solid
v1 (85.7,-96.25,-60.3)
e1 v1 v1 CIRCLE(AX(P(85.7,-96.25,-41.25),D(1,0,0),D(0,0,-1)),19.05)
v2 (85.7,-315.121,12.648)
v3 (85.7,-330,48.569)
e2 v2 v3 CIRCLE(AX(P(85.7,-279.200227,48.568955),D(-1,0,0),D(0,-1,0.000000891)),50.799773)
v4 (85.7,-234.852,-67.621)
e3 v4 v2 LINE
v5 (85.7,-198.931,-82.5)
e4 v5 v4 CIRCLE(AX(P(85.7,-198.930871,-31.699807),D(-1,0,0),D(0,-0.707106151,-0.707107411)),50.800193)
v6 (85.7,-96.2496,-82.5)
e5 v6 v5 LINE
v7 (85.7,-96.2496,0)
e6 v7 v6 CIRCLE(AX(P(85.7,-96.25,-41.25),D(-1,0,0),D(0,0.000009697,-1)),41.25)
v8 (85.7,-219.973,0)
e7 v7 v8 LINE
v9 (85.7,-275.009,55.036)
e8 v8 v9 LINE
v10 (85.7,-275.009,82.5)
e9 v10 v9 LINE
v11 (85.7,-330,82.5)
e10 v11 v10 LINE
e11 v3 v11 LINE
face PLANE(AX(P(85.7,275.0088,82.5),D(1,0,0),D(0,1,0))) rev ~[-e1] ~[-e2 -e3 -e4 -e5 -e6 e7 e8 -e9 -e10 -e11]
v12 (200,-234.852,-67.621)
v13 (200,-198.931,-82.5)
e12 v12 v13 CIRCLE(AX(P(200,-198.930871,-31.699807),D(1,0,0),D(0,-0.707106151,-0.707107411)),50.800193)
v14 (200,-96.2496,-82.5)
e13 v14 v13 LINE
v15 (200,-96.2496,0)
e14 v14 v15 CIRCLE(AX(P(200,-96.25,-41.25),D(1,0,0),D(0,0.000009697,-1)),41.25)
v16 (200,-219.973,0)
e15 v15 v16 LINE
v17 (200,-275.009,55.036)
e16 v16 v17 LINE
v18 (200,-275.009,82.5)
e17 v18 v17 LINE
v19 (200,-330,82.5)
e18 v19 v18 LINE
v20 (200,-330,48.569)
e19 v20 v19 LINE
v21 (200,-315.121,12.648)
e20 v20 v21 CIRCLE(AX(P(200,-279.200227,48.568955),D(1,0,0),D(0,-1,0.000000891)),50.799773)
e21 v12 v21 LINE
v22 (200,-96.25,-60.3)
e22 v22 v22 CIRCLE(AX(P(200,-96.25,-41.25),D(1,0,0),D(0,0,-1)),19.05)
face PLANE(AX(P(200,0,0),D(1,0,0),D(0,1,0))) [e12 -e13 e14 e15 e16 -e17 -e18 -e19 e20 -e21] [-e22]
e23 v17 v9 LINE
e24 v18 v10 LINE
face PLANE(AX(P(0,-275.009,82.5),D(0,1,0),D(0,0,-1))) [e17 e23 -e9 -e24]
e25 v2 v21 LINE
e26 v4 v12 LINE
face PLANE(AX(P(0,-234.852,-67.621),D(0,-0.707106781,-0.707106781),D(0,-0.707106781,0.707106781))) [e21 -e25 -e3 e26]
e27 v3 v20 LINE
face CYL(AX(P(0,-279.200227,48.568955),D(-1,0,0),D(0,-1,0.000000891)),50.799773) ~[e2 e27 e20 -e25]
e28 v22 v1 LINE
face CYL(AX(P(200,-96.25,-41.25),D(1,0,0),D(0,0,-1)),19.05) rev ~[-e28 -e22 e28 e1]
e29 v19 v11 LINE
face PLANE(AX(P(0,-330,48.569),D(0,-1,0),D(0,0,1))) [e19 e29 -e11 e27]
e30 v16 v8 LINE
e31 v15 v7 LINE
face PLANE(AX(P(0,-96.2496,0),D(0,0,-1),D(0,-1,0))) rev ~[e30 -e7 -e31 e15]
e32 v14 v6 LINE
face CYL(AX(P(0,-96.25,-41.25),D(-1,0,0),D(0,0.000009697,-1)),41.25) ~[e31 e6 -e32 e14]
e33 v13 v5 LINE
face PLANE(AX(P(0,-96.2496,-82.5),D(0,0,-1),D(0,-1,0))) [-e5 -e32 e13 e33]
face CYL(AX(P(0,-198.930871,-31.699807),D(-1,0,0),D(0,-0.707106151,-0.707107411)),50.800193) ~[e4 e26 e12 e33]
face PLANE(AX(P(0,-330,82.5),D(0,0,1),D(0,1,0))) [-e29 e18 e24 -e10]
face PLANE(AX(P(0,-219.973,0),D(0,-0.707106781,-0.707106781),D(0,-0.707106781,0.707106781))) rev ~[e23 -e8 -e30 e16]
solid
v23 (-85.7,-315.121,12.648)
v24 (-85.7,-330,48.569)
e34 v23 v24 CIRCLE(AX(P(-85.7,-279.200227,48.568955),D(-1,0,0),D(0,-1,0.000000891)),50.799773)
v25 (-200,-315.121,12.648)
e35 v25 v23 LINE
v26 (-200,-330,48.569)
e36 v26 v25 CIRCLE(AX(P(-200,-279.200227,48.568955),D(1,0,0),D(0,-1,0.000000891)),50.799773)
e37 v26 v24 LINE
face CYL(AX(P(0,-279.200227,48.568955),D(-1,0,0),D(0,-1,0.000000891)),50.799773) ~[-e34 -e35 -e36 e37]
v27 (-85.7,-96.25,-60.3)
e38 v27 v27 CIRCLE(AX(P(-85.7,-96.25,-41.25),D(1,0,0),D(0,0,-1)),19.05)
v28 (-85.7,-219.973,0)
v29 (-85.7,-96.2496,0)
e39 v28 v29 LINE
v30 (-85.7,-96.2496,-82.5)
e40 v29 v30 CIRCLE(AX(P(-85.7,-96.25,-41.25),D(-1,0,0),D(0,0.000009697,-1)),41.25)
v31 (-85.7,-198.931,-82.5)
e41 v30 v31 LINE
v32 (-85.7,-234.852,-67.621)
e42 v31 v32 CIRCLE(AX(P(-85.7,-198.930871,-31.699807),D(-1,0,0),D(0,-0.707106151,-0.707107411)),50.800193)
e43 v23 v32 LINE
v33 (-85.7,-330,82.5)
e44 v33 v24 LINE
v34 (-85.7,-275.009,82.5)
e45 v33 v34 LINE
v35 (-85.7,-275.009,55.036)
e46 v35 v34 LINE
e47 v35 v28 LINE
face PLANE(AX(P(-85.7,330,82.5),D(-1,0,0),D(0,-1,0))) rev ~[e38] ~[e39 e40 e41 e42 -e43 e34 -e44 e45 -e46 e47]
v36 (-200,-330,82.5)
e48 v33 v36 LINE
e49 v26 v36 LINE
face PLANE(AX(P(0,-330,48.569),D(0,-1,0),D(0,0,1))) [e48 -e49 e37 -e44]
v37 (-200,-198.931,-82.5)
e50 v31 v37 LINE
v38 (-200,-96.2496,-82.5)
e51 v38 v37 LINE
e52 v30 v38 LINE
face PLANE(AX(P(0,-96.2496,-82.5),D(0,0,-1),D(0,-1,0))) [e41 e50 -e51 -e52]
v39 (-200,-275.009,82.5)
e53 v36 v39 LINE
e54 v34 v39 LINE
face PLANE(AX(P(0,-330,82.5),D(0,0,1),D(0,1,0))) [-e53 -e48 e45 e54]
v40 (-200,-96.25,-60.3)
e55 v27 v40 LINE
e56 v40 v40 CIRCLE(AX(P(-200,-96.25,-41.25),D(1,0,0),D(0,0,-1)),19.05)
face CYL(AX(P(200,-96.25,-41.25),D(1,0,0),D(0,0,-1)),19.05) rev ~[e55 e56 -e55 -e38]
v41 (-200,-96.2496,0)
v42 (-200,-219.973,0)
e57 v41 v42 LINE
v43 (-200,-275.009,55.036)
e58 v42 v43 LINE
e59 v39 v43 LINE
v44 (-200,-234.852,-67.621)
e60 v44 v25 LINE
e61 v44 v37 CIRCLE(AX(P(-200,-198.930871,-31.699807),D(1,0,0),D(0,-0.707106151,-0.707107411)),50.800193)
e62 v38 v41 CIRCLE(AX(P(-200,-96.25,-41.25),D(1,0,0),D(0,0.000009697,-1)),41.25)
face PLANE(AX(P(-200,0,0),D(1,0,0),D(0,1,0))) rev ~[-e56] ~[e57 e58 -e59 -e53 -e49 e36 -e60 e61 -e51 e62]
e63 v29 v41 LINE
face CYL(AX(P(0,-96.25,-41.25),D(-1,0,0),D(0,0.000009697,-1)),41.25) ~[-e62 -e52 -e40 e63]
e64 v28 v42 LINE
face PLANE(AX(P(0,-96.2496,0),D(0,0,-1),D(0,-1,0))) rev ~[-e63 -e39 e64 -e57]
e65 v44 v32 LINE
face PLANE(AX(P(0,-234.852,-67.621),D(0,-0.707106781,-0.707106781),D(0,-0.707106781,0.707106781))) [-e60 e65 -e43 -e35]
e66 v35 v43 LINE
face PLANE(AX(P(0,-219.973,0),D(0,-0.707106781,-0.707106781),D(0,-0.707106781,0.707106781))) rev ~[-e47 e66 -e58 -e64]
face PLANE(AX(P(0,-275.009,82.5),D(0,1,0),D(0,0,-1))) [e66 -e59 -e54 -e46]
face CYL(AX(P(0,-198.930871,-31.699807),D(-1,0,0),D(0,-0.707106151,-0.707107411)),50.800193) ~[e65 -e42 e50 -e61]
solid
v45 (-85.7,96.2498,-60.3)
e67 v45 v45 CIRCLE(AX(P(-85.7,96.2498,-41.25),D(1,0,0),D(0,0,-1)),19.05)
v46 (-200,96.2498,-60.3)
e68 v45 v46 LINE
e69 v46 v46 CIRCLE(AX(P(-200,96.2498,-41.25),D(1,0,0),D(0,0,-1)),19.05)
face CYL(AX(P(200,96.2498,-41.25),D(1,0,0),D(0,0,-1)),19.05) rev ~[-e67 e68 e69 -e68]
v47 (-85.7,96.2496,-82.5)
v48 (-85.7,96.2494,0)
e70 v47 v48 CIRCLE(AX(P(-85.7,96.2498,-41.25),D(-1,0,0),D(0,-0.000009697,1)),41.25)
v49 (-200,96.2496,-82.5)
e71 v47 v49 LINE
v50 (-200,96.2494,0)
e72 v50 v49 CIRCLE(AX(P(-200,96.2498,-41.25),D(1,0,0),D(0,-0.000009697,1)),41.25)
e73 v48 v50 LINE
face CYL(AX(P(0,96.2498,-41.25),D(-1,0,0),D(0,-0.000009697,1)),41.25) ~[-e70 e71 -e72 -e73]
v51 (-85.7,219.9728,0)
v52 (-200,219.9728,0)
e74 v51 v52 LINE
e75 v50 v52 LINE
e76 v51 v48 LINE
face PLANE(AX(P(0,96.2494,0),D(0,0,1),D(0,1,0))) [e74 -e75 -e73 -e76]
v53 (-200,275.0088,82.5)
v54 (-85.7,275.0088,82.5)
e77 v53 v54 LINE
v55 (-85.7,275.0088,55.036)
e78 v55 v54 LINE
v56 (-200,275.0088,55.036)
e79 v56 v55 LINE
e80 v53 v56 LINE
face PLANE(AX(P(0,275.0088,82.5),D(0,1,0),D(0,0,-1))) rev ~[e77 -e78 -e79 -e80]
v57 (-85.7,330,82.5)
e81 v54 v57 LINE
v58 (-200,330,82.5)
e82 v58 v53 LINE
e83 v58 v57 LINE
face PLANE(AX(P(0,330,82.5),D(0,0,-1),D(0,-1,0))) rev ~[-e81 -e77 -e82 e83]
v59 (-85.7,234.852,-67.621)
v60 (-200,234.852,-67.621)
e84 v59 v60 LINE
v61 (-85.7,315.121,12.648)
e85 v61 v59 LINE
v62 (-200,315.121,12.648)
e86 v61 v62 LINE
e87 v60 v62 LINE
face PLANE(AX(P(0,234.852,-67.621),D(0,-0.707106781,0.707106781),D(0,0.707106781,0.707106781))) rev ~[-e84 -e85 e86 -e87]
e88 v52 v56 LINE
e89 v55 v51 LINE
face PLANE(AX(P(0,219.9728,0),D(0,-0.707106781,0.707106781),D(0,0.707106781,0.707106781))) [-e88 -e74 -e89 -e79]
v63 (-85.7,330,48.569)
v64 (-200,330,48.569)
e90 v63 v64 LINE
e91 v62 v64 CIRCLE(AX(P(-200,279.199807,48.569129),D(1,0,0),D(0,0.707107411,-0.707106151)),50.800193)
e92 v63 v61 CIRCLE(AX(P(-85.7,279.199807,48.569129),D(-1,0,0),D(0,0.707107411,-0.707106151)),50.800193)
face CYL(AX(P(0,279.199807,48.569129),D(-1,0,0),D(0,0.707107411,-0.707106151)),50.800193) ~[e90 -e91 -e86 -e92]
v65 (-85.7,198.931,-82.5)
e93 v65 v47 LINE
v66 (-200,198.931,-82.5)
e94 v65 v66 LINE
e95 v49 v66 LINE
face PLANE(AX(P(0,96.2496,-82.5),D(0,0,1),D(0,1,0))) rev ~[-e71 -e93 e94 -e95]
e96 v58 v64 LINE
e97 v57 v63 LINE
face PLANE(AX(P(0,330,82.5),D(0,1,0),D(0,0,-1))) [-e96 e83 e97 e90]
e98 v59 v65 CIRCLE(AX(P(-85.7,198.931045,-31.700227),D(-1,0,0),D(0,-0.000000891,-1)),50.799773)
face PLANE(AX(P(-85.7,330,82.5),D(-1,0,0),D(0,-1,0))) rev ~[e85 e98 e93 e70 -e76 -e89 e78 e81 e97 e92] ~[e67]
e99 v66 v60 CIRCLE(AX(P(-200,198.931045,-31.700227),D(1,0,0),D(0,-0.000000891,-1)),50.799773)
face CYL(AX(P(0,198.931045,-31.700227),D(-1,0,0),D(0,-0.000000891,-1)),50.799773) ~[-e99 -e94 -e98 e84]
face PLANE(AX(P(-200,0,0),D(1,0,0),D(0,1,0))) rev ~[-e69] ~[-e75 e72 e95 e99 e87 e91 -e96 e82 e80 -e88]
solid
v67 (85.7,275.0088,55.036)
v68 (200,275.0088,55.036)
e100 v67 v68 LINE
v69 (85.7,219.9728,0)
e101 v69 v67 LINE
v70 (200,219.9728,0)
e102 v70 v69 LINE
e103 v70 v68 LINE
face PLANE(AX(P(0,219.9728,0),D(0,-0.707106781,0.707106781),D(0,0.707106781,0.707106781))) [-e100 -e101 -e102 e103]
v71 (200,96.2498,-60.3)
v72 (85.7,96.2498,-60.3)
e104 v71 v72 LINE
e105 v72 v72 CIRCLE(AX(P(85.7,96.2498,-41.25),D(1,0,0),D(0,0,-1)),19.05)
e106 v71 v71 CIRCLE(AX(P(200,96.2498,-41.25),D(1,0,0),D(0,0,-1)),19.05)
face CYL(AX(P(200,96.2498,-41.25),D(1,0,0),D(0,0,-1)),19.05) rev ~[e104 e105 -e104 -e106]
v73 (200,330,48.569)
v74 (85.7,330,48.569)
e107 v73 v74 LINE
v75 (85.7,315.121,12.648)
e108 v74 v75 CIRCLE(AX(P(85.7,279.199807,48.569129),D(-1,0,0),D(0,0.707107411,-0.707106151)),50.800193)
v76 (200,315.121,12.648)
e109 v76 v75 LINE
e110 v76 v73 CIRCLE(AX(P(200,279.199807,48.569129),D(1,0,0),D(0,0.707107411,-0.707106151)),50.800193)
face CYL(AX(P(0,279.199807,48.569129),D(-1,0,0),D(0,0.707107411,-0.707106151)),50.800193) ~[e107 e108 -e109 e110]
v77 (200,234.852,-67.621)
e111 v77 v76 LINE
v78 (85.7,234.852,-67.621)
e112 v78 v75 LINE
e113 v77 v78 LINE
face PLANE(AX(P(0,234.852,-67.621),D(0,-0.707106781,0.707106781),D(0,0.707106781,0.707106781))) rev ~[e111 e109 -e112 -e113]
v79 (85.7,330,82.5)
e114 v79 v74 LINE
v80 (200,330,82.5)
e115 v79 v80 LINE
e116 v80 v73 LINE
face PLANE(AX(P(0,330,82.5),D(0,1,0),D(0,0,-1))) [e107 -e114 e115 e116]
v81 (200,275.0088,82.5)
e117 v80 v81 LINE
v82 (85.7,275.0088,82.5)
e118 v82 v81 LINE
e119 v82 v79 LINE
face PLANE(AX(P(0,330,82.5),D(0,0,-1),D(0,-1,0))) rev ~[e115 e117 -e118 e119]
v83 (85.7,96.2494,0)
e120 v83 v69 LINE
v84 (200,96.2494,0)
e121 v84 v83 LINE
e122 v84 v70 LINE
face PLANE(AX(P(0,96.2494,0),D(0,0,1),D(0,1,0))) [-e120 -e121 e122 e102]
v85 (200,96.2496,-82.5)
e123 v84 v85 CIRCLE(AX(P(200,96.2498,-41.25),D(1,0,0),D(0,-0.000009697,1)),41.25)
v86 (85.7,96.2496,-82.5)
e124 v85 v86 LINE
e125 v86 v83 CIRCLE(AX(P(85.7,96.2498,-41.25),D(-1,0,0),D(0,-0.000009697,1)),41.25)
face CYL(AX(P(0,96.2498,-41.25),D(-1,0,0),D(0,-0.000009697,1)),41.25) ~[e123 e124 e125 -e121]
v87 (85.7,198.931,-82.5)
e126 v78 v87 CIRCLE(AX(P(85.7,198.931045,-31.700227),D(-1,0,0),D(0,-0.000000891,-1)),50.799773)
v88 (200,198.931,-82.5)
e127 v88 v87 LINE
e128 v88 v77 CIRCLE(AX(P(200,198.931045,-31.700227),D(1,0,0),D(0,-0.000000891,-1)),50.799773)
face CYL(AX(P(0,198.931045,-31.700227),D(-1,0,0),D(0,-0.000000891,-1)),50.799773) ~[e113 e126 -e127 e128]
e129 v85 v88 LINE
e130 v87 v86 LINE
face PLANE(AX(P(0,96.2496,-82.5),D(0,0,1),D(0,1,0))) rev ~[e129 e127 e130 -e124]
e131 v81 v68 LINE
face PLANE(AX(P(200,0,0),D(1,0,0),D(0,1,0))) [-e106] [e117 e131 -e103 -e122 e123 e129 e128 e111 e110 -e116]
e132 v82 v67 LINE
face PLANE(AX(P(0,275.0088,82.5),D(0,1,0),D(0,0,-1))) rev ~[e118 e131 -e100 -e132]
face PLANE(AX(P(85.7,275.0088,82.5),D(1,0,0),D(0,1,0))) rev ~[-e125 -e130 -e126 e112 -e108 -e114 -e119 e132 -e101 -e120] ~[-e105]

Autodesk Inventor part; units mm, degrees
ref_plane "YZ Plane" through (0, 0, 0) normal (1, 0, 0) x (0, 1, 0)
ref_plane "XZ Plane" through (0, 0, 0) normal (0, 1, 0) x (-1, 0, 0)
ref_plane "XY Plane" through (0, 0, 0) normal (0, 0, 1) x (1, 0, 0)
sketch "Sketch1" plane through (0, 0, 0) normal (1, 0, 0) x (0, 1, 0)
  line L0 (330, 82.5) -> (330, 48.569)
  line L1 (-330, 48.569) -> (-330, 82.5)
  line L2 (96.2496, -82.5) -> (198.931, -82.5)
  line L3 (234.852, -67.621) -> (315.121, 12.648)
  line L4 (330, 82.5) -> (275.0088, 82.5)
  line L5 (275.0088, 82.5) -> (275.0088, 55.036)
  line L6 (96.2494, 0) -> (219.9728, 0)
  line L7 (219.9728, 0) -> (275.0088, 55.036)
  line L8 (-234.852, -67.621) -> (-315.121, 12.648)
  line L9 (-275.009, 82.5) -> (-275.009, 55.036)
  line L10 (-96.2496, 0) -> (-219.973, 0)
  line L11 (-219.973, 0) -> (-275.009, 55.036)
  line L12 (-330, 82.5) -> (-275.009, 82.5)
  line L13 (275.0088, 82.5) -> (330, 82.5)
  line L14 (198.931, -82.5) -> (96.25, -82.5)
  line L15 (-96.2496, -82.5) -> (-198.931, -82.5)
  arc A0 (-96.2496, -82.5) -> (-96.2496, 0) centre (-96.25, -41.25) ccw
  arc A1 (96.2494, 0) -> (96.2496, -82.5) centre (96.2498, -41.25) ccw
  arc A2 (-234.852, -67.621) -> (-198.931, -82.5) centre (-198.931, -31.7) ccw
  arc A3 (-330, 48.569) -> (-315.121, 12.648) centre (-279.2, 48.569) ccw
  arc A4 (198.931, -82.5) -> (234.852, -67.621) centre (198.931, -31.7) ccw
  arc A5 (315.121, 12.648) -> (330, 48.569) centre (279.2, 48.569) ccw
  point P0 (219.973, -82.5)
  point P1 (-219.973, -82.5)
  point P2 (330, 27.527)
  point P3 (-330, 27.527)
extrude "Extrusion1" add sketch "Sketch1" along normal mid plane 400
sketch "Sketch6" plane through (-200, 275.0088, 82.5) normal (0, 0, 1) x (1, 0, 0)
  line L0 (0, 0) -> (400, 0) projected
  line L1 (400, 54.9912) -> (0, 54.9912) projected
  line L2 (0, 0) -> (114.3, 0)
  line L3 (400, 54.9912) -> (285.7, 54.9912)
  line L4 (114.3, 0) -> (285.7, 0)
  line L5 (285.7, 0) -> (285.7, 54.9912)
  line L6 (285.7, 54.9912) -> (114.3, 54.9912)
  line L7 (114.3, 54.9912) -> (114.3, 0)
  line L8 (0, -605.6334) -> (114.3, -605.6334)
  line L9 (114.3, -605.6334) -> (285.7, -605.6334)
  line L10 (285.7, -605.6334) -> (285.7, 54.9912)
  line L11 (285.7, 54.9912) -> (114.3, 54.9912)
  line L12 (114.3, 54.9912) -> (114.3, -605.6334)
  point P0 (200, -275.0088)
  dimension "d39" = 114.3
  dimension "d40" = 114.3
  dimension "d41" = 114.3
extrude "Extrusion6" cut sketch "Sketch6" against normal blind 165
sketch "Sketch7" plane through (200, 0, 0) normal (1, 0, 0) x (0, 0, -1)
  arc A0 (0, 96.2494) -> (82.5, 96.2496) centre (41.25, 96.2498) ccw projected
  circle A1 centre (41.25, 96.2498) radius 19.05
  point P0 (0, 0)
  dimension "d48" = 38.1
sketch "Sketch8" plane through (200, 0, 0) normal (1, 0, 0) x (0, 0, -1)
  arc A0 (82.5, -96.2496) -> (0, -96.2496) centre (41.25, -96.25) ccw projected
  circle A1 centre (41.25, -96.25) radius 19.05
  point P0 (0, 0)
  dimension "d49" = 38.1
extrude "Extrusion7" cut sketch "Sketch7" against normal blind 400.05
extrude "Extrusion8" cut sketch "Sketch8" against normal blind 400.05
properties part number "Bastion Feet"
